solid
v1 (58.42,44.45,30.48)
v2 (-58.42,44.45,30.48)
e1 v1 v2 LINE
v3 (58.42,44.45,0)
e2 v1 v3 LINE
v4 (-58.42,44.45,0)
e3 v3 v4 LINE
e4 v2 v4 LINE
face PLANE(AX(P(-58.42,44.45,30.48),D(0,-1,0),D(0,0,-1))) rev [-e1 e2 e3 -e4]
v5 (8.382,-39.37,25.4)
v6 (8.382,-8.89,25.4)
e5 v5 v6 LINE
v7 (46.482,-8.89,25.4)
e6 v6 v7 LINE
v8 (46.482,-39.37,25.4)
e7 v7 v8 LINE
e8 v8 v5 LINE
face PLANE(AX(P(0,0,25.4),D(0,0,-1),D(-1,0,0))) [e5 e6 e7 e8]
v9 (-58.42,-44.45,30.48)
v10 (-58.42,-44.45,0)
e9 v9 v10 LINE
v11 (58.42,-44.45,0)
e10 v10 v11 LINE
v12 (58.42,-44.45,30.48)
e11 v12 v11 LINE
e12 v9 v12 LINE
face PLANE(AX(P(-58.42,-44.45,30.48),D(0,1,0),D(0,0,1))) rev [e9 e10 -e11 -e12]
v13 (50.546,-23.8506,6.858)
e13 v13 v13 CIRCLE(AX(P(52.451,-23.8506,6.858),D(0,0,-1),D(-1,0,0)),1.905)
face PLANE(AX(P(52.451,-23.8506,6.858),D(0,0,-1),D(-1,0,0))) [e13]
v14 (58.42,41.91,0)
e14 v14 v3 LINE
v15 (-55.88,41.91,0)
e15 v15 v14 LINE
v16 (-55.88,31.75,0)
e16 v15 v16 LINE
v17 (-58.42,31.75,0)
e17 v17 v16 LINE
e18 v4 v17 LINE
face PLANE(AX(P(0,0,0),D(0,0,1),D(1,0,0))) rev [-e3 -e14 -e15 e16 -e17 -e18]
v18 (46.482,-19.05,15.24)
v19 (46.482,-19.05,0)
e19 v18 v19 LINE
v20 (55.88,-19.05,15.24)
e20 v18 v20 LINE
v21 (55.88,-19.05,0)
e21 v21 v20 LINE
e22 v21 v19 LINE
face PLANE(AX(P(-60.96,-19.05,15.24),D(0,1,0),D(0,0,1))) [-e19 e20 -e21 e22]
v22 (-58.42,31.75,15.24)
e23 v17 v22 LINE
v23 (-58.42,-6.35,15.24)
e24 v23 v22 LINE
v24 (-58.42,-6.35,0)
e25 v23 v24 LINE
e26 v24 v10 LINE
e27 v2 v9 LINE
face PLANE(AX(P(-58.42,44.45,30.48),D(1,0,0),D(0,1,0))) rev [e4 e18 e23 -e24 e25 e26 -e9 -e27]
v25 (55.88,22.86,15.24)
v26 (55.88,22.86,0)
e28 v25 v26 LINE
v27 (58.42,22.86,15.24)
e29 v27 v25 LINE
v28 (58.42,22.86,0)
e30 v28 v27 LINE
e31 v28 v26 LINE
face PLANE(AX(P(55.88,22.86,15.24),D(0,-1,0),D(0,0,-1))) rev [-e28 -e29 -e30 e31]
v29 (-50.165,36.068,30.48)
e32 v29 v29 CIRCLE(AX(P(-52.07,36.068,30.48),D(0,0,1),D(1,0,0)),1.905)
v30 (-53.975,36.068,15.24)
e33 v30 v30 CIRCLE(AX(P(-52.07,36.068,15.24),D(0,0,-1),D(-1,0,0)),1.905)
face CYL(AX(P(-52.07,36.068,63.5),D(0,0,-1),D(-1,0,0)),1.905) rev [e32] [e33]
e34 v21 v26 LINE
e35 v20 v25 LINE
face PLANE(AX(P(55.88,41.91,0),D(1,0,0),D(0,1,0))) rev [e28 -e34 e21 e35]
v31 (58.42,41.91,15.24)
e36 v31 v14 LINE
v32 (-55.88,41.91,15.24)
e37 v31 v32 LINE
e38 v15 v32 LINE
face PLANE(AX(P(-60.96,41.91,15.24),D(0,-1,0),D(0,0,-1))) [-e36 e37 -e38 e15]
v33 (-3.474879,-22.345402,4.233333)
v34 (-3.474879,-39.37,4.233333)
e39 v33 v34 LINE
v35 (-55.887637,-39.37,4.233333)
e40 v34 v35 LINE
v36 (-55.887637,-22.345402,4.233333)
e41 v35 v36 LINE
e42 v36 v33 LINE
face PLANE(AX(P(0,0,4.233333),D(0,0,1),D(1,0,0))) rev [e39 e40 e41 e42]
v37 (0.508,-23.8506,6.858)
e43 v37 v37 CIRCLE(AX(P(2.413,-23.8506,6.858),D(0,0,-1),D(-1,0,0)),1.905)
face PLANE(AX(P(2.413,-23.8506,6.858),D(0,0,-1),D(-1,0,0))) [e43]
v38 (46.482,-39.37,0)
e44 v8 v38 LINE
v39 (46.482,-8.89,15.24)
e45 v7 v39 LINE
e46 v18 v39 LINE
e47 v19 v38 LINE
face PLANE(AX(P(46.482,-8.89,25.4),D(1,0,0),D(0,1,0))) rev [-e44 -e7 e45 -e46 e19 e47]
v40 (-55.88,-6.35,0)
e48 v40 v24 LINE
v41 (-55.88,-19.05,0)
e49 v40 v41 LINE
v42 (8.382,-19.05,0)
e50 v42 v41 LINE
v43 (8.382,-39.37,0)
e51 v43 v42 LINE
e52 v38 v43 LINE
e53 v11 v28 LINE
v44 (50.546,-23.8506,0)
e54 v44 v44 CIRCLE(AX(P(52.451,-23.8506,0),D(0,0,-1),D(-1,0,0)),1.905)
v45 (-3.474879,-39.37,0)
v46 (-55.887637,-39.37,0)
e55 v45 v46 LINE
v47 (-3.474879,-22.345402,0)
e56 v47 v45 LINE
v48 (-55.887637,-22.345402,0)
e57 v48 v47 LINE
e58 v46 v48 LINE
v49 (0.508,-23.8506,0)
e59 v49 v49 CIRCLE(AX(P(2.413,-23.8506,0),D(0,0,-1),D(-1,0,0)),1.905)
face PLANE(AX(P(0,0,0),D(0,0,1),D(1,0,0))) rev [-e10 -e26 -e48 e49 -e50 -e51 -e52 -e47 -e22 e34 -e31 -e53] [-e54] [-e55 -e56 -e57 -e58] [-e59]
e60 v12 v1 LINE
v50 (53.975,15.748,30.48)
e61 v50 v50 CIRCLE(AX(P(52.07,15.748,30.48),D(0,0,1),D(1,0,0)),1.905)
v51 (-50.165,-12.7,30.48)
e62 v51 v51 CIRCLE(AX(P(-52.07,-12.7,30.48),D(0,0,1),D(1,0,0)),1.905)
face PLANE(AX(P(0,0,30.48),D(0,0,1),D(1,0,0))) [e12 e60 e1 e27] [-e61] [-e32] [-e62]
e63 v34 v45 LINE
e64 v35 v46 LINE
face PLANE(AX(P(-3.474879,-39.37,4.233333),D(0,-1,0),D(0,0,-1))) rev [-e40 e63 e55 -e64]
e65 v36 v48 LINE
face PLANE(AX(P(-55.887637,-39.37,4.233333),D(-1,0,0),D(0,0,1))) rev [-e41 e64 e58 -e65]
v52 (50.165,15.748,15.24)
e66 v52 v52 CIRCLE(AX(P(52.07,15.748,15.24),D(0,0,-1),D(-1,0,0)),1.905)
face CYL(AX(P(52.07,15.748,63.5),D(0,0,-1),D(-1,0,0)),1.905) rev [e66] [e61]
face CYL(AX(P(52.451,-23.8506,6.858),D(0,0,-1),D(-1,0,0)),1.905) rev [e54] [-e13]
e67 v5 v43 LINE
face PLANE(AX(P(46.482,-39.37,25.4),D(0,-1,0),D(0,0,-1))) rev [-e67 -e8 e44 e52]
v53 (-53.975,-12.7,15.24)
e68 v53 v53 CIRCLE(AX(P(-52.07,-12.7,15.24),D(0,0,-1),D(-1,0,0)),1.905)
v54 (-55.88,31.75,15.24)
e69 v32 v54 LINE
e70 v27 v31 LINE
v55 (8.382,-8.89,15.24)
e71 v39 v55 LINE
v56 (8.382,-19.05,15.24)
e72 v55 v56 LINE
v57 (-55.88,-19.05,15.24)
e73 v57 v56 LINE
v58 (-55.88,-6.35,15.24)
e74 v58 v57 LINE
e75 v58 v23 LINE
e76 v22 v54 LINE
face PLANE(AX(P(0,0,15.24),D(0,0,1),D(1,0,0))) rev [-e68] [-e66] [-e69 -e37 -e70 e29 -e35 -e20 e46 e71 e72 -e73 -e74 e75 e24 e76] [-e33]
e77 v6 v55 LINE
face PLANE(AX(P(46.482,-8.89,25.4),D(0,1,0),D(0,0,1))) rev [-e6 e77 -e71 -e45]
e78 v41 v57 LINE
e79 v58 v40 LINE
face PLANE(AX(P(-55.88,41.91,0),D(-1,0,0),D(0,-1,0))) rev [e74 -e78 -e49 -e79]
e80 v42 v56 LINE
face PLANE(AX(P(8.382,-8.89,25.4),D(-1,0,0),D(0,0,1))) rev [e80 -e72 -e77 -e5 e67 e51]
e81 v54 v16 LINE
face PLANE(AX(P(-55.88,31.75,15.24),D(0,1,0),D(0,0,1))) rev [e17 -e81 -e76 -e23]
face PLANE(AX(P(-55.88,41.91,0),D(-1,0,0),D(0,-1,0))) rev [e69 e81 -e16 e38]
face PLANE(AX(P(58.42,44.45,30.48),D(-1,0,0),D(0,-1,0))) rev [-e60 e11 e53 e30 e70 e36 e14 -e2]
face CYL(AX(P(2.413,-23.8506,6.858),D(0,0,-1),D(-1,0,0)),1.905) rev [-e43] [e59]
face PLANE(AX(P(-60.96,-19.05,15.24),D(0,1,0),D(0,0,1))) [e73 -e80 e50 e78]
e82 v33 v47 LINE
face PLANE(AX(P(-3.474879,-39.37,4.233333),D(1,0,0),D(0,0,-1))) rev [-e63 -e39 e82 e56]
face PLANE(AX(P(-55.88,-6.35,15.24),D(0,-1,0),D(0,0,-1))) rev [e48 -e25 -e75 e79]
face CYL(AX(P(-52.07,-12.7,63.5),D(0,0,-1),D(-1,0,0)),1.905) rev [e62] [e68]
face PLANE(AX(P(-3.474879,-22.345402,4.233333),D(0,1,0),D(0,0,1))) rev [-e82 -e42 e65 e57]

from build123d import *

# Parameters (mm, degrees)
SKETCH1_W           = 116.84
SKETCH1_H           = 88.9
BOSS_EXTRUDE1_DEPTH = 30.48
SKETCH2_W           = 121.92
SKETCH2_H           = 60.96
CUT_EXTRUDE1_DEPTH  = 15.24
SKETCH4_W           = 38.1
SKETCH4_H           = 30.48
CUT_EXTRUDE2_DEPTH  = 25.4
SKETCH9_W           = 2.54
SKETCH9_H           = 60.96
BOSS_EXTRUDE2_DEPTH = 15.24
SKETCH11_W          = 2.54
SKETCH11_H          = 60.96
BOSS_EXTRUDE3_DEPTH = 15.24
SKETCH13_W          = 6.933470389
SKETCH13_H          = 38.1
CUT_EXTRUDE6_DEPTH  = 15.24
SKETCH14_W          = 5.795170267
SKETCH14_H          = 19.05
CUT_EXTRUDE7_DEPTH  = 15.24
SKETCH15_R          = 1.905
CUT_EXTRUDE8_DEPTH  = 48.26
SKETCH16_R          = 1.905
CUT_EXTRUDE9_DEPTH  = 6.858
SKETCH19_W          = 52.412757742
SKETCH19_H          = 17.024597759
CUT_EXTRUDE10_DEPTH = 4.233333333
SKETCH5_W           = 10.150117587
SKETCH5_H           = 22.048837971
CUT_EXTRUDE3_DEPTH  = 15.24
SKETCH6_W           = 9.22767553
SKETCH6_H           = 28.682463558
CUT_EXTRUDE4_DEPTH  = 15.24
SKETCH7_W           = 7.203031043
SKETCH7_H           = 12.7
CUT_EXTRUDE5_DEPTH  = 15.24


with BuildPart() as part:
    # Sketch1 → Boss-Extrude1 (new body)
    with BuildSketch(Plane.XY):
        Rectangle(SKETCH1_W, SKETCH1_H)
    extrude(amount=BOSS_EXTRUDE1_DEPTH)

    # Sketch2 → Cut-Extrude1 (cut)
    with BuildSketch(Plane.XY):
        with Locations((0, 11.43)):
            Rectangle(SKETCH2_W, SKETCH2_H)
    extrude(amount=CUT_EXTRUDE1_DEPTH, mode=Mode.SUBTRACT)

    # Sketch4 → Cut-Extrude2 (cut)
    with BuildSketch(Plane(origin=(0, 0, 0), x_dir=(-1, 0, 0), z_dir=(0, 0, -1))):
        with Locations((-27.432, -24.13)):
            Rectangle(SKETCH4_W, SKETCH4_H)
    extrude(amount=-CUT_EXTRUDE2_DEPTH, mode=Mode.SUBTRACT)

    # Sketch9 → Boss-Extrude2 (add)
    with BuildSketch(Plane(origin=(0, 0, 15.24), x_dir=(-1, 0, 0), z_dir=(0, 0, -1))):
        with Locations((-57.15, 11.43)):
            Rectangle(SKETCH9_W, SKETCH9_H)
    extrude(amount=BOSS_EXTRUDE2_DEPTH)

    # Sketch11 → Boss-Extrude3 (add)
    with BuildSketch(Plane(origin=(0, 0, 15.24), x_dir=(-1, 0, 0), z_dir=(0, 0, -1))):
        with Locations((57.15, 11.43)):
            Rectangle(SKETCH11_W, SKETCH11_H)
    extrude(amount=BOSS_EXTRUDE3_DEPTH)

    # Sketch13 → Cut-Extrude6 (cut)
    with BuildSketch(Plane(origin=(0, 0, 0), x_dir=(-1, 0, 0), z_dir=(0, 0, -1))):
        with Locations((59.346735194, 12.7)):
            Rectangle(SKETCH13_W, SKETCH13_H)
    extrude(amount=-CUT_EXTRUDE6_DEPTH, mode=Mode.SUBTRACT)

    # Sketch14 → Cut-Extrude7 (cut)
    with BuildSketch(Plane(origin=(0, 0, 0), x_dir=(-1, 0, 0), z_dir=(0, 0, -1))):
        with Locations((-58.777585134, 32.385)):
            Rectangle(SKETCH14_W, SKETCH14_H)
    extrude(amount=-CUT_EXTRUDE7_DEPTH, mode=Mode.SUBTRACT)

    # Sketch15 → Cut-Extrude8 (cut)
    with BuildSketch(Plane(origin=(0, 0, 15.24), x_dir=(-1, 0, 0), z_dir=(0, 0, -1))):
        with Locations((52.07, 36.068)):
            Circle(SKETCH15_R)
        with Locations((52.07, -12.7)):
            Circle(SKETCH15_R)
        with Locations((-52.07, 15.748)):
            Circle(SKETCH15_R)
    extrude(amount=-CUT_EXTRUDE8_DEPTH, mode=Mode.SUBTRACT)

    # Sketch16 → Cut-Extrude9 (cut)
    with BuildSketch(Plane(origin=(0, 0, 0), x_dir=(-1, 0, 0), z_dir=(0, 0, -1))):
        with Locations((-52.451, -23.8506)):
            Circle(SKETCH16_R)
        with Locations((-2.413, -23.8506)):
            Circle(SKETCH16_R)
    extrude(amount=-CUT_EXTRUDE9_DEPTH, mode=Mode.SUBTRACT)

    # Sketch19 → Cut-Extrude10 (cut)
    with BuildSketch(Plane(origin=(0, 0, 0), x_dir=(-1, 0, 0), z_dir=(0, 0, -1))):
        with Locations((29.681257837, -30.857701121)):
            Rectangle(SKETCH19_W, SKETCH19_H)
    extrude(amount=-CUT_EXTRUDE10_DEPTH, mode=Mode.SUBTRACT)

    # Sketch5 → Cut-Extrude3 (cut)
    with BuildSketch(Plane(origin=(0, 0, 0), x_dir=(-1, 0, 0), z_dir=(0, 0, -1))):
        with Locations((66.035058793, 15.645581015)):
            Rectangle(SKETCH5_W, SKETCH5_H)
    extrude(amount=-CUT_EXTRUDE3_DEPTH, mode=Mode.SUBTRACT)

    # Sketch6 → Cut-Extrude4 (cut)
    with BuildSketch(Plane(origin=(0, 0, 0), x_dir=(-1, 0, 0), z_dir=(0, 0, -1))):
        with Locations((65.573837765, 15.522274396)):
            Rectangle(SKETCH6_W, SKETCH6_H)
    extrude(amount=-CUT_EXTRUDE4_DEPTH, mode=Mode.SUBTRACT)

    # Sketch7 → Cut-Extrude5 (cut)
    with BuildSketch(Plane(origin=(0, 0, 0), x_dir=(-1, 0, 0), z_dir=(0, 0, -1))):
        with Locations((-64.561515521, 35.56)):
            Rectangle(SKETCH7_W, SKETCH7_H)
    extrude(amount=-CUT_EXTRUDE5_DEPTH, mode=Mode.SUBTRACT)


solid = part.part
